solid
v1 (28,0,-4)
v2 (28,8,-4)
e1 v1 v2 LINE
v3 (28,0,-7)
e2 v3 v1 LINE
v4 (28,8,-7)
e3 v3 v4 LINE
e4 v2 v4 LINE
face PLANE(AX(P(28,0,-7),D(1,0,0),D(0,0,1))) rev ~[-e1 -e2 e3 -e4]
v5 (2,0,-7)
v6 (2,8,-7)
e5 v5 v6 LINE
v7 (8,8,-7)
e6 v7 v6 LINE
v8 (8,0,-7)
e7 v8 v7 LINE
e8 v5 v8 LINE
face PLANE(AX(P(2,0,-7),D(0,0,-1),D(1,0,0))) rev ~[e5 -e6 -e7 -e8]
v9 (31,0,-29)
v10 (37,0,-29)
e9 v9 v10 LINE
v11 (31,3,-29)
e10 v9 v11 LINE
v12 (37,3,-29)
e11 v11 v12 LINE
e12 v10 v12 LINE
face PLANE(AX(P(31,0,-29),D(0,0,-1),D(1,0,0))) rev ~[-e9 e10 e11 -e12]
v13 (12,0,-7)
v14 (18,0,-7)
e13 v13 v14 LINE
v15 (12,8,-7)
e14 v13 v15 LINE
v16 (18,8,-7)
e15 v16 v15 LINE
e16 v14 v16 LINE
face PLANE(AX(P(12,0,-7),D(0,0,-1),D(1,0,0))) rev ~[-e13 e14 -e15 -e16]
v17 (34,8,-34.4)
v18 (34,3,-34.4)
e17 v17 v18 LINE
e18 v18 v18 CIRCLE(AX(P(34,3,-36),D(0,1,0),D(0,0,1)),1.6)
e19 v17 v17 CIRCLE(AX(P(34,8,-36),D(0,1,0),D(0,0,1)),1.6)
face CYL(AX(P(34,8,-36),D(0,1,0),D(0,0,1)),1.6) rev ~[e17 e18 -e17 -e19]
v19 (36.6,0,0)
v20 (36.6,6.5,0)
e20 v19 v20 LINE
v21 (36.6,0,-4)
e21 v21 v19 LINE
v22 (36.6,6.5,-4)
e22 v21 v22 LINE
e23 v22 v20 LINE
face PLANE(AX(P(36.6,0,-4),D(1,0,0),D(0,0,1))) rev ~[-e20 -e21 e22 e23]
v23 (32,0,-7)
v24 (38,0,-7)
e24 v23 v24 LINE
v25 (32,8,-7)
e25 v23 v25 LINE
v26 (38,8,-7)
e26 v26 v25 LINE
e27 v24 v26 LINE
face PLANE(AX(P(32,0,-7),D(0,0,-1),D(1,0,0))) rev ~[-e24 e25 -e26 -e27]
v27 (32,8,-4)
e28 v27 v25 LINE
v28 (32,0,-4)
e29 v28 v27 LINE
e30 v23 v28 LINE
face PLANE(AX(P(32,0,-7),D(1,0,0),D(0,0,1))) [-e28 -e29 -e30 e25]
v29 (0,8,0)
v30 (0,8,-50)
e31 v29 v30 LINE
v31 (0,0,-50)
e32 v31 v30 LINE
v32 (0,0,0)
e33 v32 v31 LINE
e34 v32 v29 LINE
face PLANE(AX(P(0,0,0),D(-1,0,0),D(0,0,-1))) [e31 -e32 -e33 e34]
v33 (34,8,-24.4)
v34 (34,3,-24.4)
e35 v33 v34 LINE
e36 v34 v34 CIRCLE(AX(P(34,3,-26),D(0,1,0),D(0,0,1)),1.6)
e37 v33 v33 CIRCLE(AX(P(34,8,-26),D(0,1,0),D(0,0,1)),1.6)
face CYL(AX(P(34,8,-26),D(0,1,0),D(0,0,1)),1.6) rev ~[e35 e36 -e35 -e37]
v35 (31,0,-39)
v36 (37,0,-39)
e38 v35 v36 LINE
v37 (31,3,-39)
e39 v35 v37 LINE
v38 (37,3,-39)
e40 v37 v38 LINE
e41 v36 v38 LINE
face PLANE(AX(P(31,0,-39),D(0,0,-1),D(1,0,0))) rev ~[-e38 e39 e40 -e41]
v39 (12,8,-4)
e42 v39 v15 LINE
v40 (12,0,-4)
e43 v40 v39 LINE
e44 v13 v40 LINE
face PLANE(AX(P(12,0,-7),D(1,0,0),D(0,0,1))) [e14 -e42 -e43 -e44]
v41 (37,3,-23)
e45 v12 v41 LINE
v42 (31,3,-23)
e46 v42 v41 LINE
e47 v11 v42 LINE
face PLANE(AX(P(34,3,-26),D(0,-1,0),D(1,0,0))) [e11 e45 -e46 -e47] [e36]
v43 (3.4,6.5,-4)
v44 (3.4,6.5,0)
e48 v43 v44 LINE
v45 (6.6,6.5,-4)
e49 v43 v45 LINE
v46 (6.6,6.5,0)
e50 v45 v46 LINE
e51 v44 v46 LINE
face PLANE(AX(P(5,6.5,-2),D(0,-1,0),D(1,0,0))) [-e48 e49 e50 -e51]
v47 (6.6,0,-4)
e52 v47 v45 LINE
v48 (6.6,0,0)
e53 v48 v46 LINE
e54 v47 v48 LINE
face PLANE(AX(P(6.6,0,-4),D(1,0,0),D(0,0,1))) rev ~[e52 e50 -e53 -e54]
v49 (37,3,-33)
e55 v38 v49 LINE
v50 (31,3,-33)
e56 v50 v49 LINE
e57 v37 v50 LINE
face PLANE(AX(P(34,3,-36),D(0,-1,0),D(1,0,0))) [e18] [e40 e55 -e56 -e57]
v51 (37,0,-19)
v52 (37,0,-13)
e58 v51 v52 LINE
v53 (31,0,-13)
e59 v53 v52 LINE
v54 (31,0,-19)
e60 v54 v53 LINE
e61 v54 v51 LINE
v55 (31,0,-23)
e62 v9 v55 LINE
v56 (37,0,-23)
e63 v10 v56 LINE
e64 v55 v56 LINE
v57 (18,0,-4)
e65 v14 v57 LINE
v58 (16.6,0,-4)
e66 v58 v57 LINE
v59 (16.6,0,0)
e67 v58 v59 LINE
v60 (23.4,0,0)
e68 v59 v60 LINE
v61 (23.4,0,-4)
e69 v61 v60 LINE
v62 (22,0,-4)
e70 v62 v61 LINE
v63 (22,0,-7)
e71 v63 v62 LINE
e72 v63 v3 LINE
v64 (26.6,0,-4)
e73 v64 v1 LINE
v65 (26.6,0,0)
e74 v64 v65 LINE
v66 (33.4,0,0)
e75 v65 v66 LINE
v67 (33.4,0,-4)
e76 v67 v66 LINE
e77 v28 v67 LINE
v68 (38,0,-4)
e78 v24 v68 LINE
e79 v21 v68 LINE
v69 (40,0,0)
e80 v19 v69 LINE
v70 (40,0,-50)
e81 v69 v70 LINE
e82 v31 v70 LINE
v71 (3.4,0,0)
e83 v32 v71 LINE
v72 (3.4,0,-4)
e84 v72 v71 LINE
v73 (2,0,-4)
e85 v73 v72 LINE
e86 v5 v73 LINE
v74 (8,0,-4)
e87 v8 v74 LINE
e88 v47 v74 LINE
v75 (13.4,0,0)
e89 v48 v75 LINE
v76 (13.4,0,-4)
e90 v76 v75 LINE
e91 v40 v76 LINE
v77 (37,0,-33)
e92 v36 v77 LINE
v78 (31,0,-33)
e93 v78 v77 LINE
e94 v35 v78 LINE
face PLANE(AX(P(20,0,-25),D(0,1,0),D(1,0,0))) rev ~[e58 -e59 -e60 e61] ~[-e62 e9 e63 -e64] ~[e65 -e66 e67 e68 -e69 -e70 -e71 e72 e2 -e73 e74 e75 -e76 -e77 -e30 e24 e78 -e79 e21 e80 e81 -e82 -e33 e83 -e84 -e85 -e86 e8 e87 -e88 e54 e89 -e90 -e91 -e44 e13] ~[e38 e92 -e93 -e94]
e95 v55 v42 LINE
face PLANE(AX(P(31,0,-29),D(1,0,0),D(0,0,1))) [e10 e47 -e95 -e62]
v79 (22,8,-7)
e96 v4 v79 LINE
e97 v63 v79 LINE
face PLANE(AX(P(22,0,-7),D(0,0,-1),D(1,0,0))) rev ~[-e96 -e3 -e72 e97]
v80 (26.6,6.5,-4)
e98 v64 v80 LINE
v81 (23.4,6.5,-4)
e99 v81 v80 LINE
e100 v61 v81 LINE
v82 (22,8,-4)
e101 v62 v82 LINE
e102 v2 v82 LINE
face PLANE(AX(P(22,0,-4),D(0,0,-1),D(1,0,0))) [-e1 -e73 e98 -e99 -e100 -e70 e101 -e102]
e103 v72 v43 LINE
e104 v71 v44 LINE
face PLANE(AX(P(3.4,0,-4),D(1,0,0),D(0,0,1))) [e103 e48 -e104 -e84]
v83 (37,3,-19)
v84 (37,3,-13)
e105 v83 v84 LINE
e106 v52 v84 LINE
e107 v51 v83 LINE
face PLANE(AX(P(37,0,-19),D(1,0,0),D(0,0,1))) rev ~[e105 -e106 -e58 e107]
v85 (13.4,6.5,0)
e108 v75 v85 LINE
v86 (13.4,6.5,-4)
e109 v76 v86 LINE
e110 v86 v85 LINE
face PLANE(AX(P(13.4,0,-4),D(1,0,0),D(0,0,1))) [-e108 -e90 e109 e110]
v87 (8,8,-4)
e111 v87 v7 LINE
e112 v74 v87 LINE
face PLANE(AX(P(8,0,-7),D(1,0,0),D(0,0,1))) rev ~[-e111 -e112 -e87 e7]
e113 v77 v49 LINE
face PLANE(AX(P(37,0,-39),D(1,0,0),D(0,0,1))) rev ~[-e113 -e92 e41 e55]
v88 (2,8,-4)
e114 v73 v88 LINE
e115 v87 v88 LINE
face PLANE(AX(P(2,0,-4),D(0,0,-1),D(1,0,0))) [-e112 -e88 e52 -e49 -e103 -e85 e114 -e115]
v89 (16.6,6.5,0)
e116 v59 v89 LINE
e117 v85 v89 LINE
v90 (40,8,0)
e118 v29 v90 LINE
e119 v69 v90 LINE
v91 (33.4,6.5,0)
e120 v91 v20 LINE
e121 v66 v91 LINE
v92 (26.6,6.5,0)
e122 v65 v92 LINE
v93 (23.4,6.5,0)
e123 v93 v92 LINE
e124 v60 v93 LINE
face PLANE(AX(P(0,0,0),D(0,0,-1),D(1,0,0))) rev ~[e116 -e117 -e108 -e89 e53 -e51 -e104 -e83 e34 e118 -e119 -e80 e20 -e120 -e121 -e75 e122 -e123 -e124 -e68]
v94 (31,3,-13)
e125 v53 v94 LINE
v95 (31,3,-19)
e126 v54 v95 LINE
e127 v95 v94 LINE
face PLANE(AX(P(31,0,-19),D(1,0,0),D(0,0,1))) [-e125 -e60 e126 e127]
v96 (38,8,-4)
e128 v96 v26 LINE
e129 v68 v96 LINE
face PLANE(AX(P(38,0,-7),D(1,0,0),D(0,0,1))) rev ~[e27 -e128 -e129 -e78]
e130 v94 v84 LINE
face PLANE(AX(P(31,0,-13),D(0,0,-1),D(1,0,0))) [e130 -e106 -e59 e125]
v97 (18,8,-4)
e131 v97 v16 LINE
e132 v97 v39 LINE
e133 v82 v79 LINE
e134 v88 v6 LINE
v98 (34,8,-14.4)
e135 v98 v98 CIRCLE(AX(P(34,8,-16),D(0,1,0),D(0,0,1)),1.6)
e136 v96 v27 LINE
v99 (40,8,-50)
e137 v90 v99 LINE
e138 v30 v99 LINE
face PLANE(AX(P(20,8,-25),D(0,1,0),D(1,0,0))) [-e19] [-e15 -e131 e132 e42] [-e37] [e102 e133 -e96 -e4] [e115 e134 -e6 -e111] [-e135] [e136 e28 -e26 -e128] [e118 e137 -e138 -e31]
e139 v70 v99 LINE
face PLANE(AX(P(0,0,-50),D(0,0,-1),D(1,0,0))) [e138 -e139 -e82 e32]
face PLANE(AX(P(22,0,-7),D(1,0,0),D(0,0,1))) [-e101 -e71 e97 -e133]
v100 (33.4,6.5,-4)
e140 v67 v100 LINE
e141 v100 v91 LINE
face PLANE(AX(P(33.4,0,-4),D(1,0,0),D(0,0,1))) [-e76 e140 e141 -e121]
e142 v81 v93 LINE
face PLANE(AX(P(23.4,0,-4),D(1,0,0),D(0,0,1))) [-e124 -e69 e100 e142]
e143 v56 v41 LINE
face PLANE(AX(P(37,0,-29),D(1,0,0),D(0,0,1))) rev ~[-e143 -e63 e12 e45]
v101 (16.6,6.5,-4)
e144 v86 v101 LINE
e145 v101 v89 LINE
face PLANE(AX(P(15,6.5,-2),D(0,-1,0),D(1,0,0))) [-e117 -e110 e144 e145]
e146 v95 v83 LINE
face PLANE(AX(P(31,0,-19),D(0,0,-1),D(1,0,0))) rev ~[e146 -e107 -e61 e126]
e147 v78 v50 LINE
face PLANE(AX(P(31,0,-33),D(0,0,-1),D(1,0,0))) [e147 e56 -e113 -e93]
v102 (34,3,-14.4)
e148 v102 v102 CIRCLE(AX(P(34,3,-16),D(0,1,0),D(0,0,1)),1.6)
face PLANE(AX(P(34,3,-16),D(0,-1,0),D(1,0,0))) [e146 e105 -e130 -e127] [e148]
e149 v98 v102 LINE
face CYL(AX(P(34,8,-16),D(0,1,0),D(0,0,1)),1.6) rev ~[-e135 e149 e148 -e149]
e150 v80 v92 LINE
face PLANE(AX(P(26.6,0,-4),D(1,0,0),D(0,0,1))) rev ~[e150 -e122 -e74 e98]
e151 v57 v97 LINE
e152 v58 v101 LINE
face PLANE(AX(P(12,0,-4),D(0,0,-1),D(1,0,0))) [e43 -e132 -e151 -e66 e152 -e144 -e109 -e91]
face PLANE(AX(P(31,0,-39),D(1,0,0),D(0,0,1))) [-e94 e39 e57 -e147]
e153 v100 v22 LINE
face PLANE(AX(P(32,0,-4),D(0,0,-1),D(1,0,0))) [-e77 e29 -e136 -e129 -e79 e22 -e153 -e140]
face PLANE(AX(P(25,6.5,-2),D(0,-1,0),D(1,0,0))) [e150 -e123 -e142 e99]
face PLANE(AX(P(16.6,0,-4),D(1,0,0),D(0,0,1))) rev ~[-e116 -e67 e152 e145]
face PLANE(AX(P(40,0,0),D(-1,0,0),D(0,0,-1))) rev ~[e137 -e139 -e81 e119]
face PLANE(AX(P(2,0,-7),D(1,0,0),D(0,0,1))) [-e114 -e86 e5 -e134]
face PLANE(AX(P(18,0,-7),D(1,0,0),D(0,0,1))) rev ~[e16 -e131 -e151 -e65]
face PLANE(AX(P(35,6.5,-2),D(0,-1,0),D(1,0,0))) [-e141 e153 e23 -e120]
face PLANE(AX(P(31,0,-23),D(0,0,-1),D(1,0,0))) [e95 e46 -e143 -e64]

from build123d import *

# Parameters (mm, degrees)
SKETCH_1_W          = 40
SKETCH_1_H          = 50
EXTRUDE_1_DEPTH     = 8
SKETCH_2_W          = 3.2
SKETCH_2_H          = 4
CUT_EXTRUDE_1_DEPTH = 6.5
SKETCH_3_W          = 6
SKETCH_3_H          = 3
CUT_EXTRUDE_2_DEPTH = 16.5
SKETCH_10_R         = 1.6
CUT_EXTRUDE_7_DEPTH = 13
SKETCH_11_W         = 6
SKETCH_11_H         = 6
CUT_EXTRUDE_8_DEPTH = 3


with BuildPart() as part:
    # 草图1 → 凸台-拉伸1 (new body)
    with BuildSketch(Plane(origin=(0, 0, 0), x_dir=(1, 0, 0), z_dir=(0, 1, 0))):
        with Locations((20, 25)):
            Rectangle(SKETCH_1_W, SKETCH_1_H)
    extrude(amount=EXTRUDE_1_DEPTH)

    # 草图2 → 切除-拉伸1 (cut)
    with BuildSketch(Plane.XZ):
        with Locations((5, -2)):
            Rectangle(SKETCH_2_W, SKETCH_2_H)
        with Locations((15, -2)):
            Rectangle(SKETCH_2_W, SKETCH_2_H)
        with Locations((25, -2)):
            Rectangle(SKETCH_2_W, SKETCH_2_H)
        with Locations((35, -2)):
            Rectangle(SKETCH_2_W, SKETCH_2_H)
    extrude(amount=-CUT_EXTRUDE_1_DEPTH, mode=Mode.SUBTRACT)

    # 草图3 → 切除-拉伸2 (cut)
    with BuildSketch(Plane.XZ):
        with Locations((5, -5.5)):
            Rectangle(SKETCH_3_W, SKETCH_3_H)
        with Locations((15, -5.5)):
            Rectangle(SKETCH_3_W, SKETCH_3_H)
        with Locations((25, -5.5)):
            Rectangle(SKETCH_3_W, SKETCH_3_H)
        with Locations((35, -5.5)):
            Rectangle(SKETCH_3_W, SKETCH_3_H)
    extrude(amount=-CUT_EXTRUDE_2_DEPTH, mode=Mode.SUBTRACT)

    # 草图10 → 切除-拉伸7 (cut)
    with BuildSketch(Plane(origin=(0, 8, 0), x_dir=(1, 0, 0), z_dir=(0, 1, 0))):
        with Locations(Location((34, 16, 0), (0, 0, 270))):
            Circle(SKETCH_10_R)
        with Locations(Location((34, 26, 0), (0, 0, 270))):
            Circle(SKETCH_10_R)
        with Locations(Location((34, 36, 0), (0, 0, 270))):
            Circle(SKETCH_10_R)
    extrude(amount=-CUT_EXTRUDE_7_DEPTH, mode=Mode.SUBTRACT)

    # 草图11 → 切除-拉伸8 (cut)
    with BuildSketch(Plane.XZ):
        with Locations((34, -26)):
            Rectangle(SKETCH_11_W, SKETCH_11_H)
        with Locations((34, -36)):
            Rectangle(SKETCH_11_W, SKETCH_11_H)
        with Locations((34, -16)):
            Rectangle(SKETCH_11_W, SKETCH_11_H)
    extrude(amount=-CUT_EXTRUDE_8_DEPTH, mode=Mode.SUBTRACT)


solid = part.part
